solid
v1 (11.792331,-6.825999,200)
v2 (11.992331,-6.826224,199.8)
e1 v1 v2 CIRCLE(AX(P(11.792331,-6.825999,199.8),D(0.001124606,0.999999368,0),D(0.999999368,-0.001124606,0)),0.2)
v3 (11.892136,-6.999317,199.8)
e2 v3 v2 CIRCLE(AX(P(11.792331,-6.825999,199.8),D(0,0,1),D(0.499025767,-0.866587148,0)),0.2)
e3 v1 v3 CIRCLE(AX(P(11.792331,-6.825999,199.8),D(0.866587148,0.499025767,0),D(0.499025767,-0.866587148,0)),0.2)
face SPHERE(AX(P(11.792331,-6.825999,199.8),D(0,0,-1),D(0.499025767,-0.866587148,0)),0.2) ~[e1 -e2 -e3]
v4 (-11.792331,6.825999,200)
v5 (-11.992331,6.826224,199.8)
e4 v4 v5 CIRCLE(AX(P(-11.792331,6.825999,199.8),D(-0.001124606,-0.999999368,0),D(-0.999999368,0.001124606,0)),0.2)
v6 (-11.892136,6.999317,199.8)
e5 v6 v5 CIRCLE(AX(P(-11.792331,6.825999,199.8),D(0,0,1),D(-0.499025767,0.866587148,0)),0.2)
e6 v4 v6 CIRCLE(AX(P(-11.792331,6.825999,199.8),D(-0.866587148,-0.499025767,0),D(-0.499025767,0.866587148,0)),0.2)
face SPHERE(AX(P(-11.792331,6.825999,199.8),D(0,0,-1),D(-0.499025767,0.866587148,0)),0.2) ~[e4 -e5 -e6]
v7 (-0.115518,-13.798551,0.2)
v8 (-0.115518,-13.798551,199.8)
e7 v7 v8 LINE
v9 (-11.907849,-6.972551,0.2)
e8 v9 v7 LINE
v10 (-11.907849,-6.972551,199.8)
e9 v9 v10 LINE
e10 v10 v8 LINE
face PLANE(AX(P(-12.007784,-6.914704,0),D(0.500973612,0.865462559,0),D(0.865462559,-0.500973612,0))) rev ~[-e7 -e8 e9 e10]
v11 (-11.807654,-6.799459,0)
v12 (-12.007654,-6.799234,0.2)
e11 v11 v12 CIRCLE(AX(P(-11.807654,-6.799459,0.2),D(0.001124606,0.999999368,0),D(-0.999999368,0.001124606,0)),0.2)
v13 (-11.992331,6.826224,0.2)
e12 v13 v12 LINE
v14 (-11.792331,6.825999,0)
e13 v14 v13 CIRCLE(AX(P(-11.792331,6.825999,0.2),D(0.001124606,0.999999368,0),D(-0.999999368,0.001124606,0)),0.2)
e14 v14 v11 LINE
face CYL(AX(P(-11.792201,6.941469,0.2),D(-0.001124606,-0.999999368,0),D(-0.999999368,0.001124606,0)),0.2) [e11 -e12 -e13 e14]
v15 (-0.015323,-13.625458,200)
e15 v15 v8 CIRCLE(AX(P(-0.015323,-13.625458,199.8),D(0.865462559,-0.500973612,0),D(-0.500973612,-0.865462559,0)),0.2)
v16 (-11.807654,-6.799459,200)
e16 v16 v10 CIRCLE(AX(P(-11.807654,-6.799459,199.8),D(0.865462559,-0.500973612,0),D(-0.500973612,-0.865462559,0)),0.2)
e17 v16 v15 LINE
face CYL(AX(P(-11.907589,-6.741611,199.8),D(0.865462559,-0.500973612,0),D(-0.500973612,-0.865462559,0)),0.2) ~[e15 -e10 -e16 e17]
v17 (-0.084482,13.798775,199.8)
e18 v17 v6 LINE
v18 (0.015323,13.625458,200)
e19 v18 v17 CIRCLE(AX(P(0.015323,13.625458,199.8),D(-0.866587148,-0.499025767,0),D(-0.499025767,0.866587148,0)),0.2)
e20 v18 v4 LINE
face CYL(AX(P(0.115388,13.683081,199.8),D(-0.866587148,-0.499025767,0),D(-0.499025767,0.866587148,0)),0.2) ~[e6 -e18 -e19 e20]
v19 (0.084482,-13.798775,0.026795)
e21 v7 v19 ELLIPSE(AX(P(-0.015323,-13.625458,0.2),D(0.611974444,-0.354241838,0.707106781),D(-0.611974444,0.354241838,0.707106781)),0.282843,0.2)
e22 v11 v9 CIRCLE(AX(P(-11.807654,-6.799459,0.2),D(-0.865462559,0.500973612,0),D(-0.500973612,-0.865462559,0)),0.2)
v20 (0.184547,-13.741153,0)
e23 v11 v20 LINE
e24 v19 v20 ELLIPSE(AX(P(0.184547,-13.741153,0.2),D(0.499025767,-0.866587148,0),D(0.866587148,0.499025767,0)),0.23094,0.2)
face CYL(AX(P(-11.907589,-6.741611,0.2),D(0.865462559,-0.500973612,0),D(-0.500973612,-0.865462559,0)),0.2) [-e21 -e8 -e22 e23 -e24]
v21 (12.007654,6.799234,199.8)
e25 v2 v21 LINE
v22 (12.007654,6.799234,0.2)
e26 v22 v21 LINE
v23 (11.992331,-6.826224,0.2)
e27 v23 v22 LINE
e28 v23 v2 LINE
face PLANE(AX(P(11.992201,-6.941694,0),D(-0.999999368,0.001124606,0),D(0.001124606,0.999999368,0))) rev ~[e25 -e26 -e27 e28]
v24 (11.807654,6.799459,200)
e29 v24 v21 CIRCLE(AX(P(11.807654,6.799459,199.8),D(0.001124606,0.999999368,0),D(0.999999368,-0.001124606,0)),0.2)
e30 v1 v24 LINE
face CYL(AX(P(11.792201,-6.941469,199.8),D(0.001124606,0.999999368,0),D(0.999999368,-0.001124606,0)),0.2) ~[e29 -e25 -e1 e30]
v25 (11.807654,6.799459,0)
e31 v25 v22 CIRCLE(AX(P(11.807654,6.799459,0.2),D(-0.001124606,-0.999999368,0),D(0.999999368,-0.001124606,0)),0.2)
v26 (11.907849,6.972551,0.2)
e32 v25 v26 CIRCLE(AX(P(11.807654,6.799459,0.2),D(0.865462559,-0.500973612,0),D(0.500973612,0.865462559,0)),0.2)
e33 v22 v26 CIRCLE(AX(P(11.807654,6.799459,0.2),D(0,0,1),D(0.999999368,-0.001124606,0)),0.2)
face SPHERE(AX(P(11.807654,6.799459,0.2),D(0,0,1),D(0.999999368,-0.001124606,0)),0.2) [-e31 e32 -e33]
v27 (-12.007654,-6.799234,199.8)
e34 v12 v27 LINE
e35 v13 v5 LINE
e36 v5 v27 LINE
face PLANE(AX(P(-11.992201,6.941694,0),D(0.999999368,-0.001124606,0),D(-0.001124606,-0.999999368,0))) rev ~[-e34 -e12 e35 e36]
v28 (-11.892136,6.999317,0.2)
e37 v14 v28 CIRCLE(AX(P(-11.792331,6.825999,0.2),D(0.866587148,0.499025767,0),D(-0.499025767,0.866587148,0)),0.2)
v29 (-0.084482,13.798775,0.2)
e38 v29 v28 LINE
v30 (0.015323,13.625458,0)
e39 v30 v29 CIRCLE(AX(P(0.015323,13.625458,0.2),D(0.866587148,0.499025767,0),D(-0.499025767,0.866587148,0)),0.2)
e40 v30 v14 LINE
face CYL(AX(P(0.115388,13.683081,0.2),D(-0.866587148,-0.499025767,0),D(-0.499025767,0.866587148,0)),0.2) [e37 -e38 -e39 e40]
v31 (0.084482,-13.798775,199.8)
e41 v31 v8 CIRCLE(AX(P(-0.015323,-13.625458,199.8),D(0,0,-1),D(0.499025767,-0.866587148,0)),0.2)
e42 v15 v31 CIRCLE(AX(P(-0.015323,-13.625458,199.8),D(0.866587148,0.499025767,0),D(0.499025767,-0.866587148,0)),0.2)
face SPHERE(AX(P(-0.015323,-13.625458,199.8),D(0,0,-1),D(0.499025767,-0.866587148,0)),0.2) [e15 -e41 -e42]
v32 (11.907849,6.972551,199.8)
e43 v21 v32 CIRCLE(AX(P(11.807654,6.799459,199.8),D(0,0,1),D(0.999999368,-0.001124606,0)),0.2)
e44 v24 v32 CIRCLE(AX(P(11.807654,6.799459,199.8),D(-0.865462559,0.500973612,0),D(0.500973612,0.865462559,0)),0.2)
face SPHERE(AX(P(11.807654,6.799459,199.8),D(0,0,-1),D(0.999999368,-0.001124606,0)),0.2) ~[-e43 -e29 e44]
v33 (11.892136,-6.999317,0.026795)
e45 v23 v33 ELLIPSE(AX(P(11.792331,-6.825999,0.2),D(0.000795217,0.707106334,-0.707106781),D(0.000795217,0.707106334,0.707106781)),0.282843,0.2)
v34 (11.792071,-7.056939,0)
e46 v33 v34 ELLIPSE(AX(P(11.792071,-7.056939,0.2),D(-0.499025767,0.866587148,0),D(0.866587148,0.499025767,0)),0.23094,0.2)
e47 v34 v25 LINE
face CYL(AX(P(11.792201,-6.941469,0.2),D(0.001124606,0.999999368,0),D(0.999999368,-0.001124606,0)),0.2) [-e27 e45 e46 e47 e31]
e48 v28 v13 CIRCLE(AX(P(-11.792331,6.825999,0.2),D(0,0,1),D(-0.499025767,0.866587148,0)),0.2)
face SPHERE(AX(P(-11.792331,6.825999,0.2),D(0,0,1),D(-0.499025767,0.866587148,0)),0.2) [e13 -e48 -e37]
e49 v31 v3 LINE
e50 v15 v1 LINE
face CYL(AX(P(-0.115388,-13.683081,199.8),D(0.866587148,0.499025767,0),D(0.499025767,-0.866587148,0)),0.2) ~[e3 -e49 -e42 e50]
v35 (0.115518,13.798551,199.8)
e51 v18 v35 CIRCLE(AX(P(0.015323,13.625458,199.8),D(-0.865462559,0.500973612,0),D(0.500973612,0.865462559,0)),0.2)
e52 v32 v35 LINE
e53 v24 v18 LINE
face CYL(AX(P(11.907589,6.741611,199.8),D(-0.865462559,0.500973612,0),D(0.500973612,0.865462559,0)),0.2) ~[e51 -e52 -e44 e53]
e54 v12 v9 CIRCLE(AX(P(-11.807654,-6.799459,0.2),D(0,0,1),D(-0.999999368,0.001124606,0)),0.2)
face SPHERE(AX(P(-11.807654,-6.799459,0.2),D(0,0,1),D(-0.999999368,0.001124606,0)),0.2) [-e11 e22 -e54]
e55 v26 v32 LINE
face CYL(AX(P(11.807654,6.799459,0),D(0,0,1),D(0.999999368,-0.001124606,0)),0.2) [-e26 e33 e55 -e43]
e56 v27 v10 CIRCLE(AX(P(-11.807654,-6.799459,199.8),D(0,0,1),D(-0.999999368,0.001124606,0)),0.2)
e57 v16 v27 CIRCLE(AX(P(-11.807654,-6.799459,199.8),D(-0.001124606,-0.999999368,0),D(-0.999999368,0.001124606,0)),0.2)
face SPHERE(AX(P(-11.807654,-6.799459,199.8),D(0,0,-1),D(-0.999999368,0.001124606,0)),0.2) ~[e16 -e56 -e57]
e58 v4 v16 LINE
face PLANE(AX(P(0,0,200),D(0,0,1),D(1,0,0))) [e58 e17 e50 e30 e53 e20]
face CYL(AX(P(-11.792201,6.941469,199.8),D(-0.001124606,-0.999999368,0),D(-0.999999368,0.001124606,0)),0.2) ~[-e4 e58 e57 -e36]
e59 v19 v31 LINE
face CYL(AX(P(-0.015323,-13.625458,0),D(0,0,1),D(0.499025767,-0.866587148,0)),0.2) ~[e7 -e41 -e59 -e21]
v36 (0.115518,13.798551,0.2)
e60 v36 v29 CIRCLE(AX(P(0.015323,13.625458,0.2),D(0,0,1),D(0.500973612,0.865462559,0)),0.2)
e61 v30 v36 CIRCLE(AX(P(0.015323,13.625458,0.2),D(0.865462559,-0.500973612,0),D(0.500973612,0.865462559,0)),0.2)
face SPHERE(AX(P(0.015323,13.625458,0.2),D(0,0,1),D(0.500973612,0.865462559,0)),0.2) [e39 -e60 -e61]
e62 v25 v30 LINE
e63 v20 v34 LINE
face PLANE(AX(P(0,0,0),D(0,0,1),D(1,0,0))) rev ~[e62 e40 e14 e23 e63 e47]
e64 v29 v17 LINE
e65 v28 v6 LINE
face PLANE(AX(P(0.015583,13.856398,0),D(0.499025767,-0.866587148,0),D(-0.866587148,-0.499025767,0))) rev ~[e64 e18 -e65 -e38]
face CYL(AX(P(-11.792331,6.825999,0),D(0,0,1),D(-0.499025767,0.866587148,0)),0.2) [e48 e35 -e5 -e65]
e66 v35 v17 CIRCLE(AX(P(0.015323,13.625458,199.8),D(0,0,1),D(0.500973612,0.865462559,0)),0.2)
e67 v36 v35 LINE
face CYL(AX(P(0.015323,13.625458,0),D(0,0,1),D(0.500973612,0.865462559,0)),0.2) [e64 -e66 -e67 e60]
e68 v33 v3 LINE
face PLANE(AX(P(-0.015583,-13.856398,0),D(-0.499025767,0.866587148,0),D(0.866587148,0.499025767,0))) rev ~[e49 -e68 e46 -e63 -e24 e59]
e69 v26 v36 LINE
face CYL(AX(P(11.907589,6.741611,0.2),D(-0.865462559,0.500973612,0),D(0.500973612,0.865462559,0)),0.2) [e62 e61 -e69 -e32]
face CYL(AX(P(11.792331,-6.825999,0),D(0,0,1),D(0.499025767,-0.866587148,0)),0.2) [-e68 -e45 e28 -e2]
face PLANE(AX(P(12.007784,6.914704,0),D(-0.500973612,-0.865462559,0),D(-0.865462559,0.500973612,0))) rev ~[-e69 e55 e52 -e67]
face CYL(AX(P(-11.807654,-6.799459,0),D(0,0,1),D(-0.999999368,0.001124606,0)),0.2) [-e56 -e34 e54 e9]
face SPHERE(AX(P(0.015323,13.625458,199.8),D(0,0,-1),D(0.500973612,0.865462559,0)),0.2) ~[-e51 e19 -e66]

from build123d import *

# Parameters (mm, degrees)
F1_DEPTH = 200
F2_R     = 0.2


with BuildPart() as f1:
    # F0 (on Top) → F1 (new body)
    with BuildSketch(Plane.XY):
        Polygon((-0.015583, -13.856398), (11.992201, -6.941694), (12.007784, 6.914704), (0.015583, 13.856398), (-11.992201, 6.941694), (-12.007784, -6.914704), align=None)
    extrude(amount=F1_DEPTH)

    # F2
    f2_edges = [f1.edges().sort_by_distance(p)[0] for p in [
        (5.988309, -10.399046, 200),
        (11.999992, -0.013495, 200),
        (6.011683, 10.385551, 200),
        (-5.988309, 10.399046, 200),
        (-11.999992, 0.013495, 200),
        (-6.011683, -10.385551, 200),
        (11.992201, -6.941694, 100),
        (12.007784, 6.914704, 100),
        (11.999992, -0.013495, 0),
        (0.015583, 13.856398, 100),
        (6.011683, 10.385551, 0),
        (-11.992201, 6.941694, 100),
        (-5.988309, 10.399046, 0),
        (-12.007784, -6.914704, 100),
        (-11.999992, 0.013495, 0),
        (-0.015583, -13.856398, 100),
        (-6.011683, -10.385551, 0),
    ]]
    fillet(f2_edges, radius=F2_R)


solid = f1.part
